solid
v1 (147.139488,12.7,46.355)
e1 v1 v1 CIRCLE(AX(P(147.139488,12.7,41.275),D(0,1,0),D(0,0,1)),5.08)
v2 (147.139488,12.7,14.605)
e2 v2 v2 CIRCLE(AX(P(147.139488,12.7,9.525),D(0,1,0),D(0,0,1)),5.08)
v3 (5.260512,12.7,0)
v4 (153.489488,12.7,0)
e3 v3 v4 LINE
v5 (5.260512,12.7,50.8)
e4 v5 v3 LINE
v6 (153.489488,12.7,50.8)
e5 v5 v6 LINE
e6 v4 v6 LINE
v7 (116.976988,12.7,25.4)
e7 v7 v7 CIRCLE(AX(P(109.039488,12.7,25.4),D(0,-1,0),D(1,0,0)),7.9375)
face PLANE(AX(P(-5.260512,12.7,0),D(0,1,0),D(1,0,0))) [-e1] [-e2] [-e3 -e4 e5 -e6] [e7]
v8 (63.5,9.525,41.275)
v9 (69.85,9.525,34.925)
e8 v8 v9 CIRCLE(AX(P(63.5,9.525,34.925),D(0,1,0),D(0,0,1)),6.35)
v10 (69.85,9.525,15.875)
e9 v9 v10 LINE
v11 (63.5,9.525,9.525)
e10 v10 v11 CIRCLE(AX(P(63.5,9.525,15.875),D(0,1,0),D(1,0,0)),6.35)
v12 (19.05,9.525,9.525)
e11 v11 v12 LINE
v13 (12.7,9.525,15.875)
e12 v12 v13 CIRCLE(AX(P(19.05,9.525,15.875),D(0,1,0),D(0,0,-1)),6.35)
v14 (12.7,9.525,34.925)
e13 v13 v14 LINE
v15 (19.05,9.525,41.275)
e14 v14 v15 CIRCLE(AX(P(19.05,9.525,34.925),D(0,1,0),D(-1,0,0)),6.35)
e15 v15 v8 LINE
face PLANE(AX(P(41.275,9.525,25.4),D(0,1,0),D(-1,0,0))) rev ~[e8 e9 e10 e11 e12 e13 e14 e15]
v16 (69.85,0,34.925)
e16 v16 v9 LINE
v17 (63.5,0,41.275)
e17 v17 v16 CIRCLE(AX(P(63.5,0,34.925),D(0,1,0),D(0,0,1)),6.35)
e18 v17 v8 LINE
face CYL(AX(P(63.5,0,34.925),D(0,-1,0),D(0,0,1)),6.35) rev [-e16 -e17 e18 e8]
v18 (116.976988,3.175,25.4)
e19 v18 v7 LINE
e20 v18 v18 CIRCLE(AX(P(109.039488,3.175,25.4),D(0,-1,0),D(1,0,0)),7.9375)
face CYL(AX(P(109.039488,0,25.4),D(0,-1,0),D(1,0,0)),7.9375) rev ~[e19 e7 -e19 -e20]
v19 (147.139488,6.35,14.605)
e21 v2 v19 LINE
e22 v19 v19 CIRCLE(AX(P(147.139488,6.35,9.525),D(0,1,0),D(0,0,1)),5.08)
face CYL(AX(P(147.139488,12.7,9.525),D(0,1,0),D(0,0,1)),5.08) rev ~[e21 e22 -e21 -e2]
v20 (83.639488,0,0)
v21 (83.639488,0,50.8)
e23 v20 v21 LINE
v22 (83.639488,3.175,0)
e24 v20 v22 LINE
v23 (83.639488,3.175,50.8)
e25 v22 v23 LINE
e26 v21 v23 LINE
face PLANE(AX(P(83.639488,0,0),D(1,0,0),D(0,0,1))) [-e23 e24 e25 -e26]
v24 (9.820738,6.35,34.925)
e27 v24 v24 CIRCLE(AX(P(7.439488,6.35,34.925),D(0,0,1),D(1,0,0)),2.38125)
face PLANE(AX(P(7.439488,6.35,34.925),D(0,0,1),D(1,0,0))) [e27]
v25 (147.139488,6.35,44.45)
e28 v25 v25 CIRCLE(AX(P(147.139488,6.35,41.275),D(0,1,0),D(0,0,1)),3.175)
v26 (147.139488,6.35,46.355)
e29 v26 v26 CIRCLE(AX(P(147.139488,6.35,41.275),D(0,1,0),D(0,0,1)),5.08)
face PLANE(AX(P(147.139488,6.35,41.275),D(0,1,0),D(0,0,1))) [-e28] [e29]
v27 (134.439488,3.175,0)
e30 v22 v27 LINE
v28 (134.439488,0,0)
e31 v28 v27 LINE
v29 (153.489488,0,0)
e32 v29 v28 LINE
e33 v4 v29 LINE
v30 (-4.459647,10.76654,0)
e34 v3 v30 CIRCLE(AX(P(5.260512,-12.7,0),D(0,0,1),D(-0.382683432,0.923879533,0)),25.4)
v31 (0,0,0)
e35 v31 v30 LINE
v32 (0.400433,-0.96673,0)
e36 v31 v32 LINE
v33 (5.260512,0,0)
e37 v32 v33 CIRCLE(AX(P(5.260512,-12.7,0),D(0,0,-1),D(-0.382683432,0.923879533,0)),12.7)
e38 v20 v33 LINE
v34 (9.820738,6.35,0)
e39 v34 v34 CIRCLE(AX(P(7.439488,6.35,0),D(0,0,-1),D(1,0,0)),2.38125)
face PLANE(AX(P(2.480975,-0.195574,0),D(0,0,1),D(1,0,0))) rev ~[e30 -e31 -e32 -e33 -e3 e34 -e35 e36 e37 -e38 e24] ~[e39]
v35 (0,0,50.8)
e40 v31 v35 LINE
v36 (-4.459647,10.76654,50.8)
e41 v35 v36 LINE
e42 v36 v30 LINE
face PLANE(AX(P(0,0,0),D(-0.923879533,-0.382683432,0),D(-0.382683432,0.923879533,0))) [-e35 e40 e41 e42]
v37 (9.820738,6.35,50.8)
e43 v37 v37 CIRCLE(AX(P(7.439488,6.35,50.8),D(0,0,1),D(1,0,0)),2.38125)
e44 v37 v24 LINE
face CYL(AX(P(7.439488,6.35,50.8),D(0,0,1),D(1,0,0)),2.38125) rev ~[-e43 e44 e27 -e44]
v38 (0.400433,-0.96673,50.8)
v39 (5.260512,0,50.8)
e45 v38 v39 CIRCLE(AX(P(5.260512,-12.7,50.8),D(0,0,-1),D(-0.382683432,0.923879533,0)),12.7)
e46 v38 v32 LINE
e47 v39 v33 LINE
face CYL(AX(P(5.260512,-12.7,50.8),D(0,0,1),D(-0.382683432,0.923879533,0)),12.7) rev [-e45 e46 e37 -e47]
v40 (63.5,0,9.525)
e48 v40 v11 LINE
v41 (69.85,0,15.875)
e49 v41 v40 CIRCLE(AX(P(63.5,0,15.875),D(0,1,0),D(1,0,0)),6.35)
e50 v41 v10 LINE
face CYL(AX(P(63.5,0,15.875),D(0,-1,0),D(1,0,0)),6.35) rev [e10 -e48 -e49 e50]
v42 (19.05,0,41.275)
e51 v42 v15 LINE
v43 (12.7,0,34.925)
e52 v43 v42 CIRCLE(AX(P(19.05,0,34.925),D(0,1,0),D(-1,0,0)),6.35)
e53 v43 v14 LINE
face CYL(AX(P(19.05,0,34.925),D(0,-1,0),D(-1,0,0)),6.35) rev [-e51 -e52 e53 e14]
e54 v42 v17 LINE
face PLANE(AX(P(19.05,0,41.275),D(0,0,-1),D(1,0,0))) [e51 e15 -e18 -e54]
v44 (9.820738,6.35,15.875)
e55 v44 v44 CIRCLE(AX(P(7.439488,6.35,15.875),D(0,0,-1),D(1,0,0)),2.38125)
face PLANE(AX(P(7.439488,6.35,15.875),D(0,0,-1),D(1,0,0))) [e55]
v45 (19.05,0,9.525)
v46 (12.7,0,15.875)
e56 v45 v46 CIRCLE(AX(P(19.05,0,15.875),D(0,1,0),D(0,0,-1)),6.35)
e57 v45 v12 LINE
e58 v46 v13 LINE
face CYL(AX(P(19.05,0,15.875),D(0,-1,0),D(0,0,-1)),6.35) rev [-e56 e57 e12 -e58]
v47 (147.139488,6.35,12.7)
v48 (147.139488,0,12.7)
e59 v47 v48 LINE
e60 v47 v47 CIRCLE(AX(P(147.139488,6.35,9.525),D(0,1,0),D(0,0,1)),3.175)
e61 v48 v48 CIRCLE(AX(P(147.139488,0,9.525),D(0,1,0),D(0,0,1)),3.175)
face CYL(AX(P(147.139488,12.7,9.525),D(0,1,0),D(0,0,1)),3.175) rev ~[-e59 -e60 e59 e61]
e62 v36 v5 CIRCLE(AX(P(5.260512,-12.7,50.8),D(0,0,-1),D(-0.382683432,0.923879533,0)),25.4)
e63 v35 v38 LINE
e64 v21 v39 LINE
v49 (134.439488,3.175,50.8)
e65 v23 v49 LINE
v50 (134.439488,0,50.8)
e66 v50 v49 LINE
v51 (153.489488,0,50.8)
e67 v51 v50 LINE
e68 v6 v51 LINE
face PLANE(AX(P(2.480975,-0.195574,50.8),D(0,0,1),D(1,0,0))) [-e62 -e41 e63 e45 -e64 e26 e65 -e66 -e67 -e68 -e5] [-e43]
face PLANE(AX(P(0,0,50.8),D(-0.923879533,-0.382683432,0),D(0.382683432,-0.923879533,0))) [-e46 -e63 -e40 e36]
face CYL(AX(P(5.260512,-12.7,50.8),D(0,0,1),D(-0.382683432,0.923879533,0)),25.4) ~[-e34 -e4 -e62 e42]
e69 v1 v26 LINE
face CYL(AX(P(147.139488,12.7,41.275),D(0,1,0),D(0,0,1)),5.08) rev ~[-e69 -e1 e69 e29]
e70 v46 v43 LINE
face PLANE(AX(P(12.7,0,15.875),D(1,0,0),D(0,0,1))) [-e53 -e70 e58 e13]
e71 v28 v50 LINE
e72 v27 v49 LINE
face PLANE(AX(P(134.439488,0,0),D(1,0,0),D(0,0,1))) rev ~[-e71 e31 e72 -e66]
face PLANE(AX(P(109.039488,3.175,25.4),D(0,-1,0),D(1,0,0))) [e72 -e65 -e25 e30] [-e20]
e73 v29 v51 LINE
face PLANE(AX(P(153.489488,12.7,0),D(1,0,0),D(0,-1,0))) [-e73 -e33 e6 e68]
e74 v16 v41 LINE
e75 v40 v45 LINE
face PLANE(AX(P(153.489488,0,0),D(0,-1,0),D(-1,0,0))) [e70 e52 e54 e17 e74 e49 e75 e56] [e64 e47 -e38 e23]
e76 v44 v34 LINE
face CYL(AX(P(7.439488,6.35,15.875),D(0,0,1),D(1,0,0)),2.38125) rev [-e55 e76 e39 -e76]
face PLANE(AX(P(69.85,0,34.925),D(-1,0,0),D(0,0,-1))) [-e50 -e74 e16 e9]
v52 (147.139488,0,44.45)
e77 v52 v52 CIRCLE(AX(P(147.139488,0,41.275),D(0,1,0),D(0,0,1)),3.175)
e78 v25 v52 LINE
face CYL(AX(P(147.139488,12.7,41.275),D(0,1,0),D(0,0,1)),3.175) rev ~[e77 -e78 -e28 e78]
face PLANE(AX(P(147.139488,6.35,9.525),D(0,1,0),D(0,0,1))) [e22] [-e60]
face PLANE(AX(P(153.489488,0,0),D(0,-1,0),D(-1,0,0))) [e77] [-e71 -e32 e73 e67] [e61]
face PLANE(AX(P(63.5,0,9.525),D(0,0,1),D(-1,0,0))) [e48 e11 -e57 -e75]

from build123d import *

# Parameters (mm, degrees)
EXTRUDE1_DEPTH     = 50.8
CUT_EXTRUDE1_DEPTH = 9.525
SKETCH3_R          = 7.9375
CUT_EXTRUDE2_DEPTH = 163.175685145
SKETCH4_W          = 50.8
SKETCH4_H          = 50.8
CUT_EXTRUDE3_DEPTH = 3.175
SKETCH5_R          = 2.38125
CUT_EXTRUDE4_DEPTH = 15.875
CUT_EXTRUDE5_START = -15.875
SKETCH6_R          = 2.38125
CUT_EXTRUDE5_DEPTH = 15.875
SKETCH7_R          = 3.175
CUT_EXTRUDE6_DEPTH = 163.175685145
SKETCH8_R          = 5.08
CUT_EXTRUDE7_DEPTH = 6.35
CUT_EXTRUDE8_DEPTH = 163.175685145
EXTRUDE2_DEPTH     = 50.8


with BuildPart() as part:
    # Sketch1 → Extrude1 (new body)
    with BuildSketch(Plane.XY):
        Polygon((0, 0), (-5.260512242, 12.7), (153.489487758, 12.7), (153.489487758, 0), align=None)
    extrude(amount=EXTRUDE1_DEPTH)

    # Sketch2 → Cut-Extrude1 (cut)
    with BuildSketch(Plane.XZ):
        with BuildLine():
            Line((19.05, 41.275), (63.5, 41.275))
            ThreePointArc((63.5, 41.275), (67.990128061, 39.415128061), (69.85, 34.925))
            Line((69.85, 34.925), (69.85, 15.875))
            ThreePointArc((69.85, 15.875), (67.990128061, 11.384871939), (63.5, 9.525))
            Line((63.5, 9.525), (19.05, 9.525))
            ThreePointArc((19.05, 9.525), (14.559871939, 11.384871939), (12.7, 15.875))
            Line((12.7, 15.875), (12.7, 34.925))
            ThreePointArc((12.7, 34.925), (14.559871939, 39.415128061), (19.05, 41.275))
        make_face()
    extrude(amount=-CUT_EXTRUDE1_DEPTH, mode=Mode.SUBTRACT)

    # Sketch3 → Cut-Extrude2 (cut, through all)
    with BuildSketch(Plane.XZ):
        with Locations((109.039487758, 25.4)):
            Circle(SKETCH3_R)
    extrude(amount=-CUT_EXTRUDE2_DEPTH, mode=Mode.SUBTRACT)

    # Sketch4 → Cut-Extrude3 (cut)
    with BuildSketch(Plane.XZ):
        with Locations((109.039487758, 25.4)):
            Rectangle(SKETCH4_W, SKETCH4_H)
    extrude(amount=-CUT_EXTRUDE3_DEPTH, mode=Mode.SUBTRACT)

    # Sketch5 → Cut-Extrude4 (cut)
    with BuildSketch(Plane.XY.offset(50.8)):
        with Locations((7.439487758, 6.35)):
            Circle(SKETCH5_R)
    extrude(amount=-CUT_EXTRUDE4_DEPTH, mode=Mode.SUBTRACT)

    # Sketch6 → Cut-Extrude5 (cut)
    with BuildSketch(Plane(origin=(0, 0, 0), x_dir=(-1, 0, 0), z_dir=(0, 0, -1)).offset(CUT_EXTRUDE5_START)):
        with Locations(Location((-7.439487758, 6.35, 0), (0, 0, 180))):
            Circle(SKETCH6_R)
    extrude(amount=CUT_EXTRUDE5_DEPTH, mode=Mode.SUBTRACT)

    # Sketch7 → Cut-Extrude6 (cut, through all)
    with BuildSketch(Plane(origin=(0, 12.7, 0), x_dir=(-1, 0, 0), z_dir=(0, 1, 0))):
        with Locations(Location((-147.139487758, 9.525, 0), (0, 0, 90))):
            Circle(SKETCH7_R)
        with Locations(Location((-147.139487758, 41.275, 0), (0, 0, 90))):
            Circle(SKETCH7_R)
    extrude(amount=-CUT_EXTRUDE6_DEPTH, mode=Mode.SUBTRACT)

    # Sketch8 → Cut-Extrude7 (cut)
    with BuildSketch(Plane(origin=(0, 12.7, 0), x_dir=(-1, 0, 0), z_dir=(0, 1, 0))):
        with Locations(Location((-147.139487758, 9.525, 0), (0, 0, 90))):
            Circle(SKETCH8_R)
        with Locations(Location((-147.139487758, 41.275, 0), (0, 0, 90))):
            Circle(SKETCH8_R)
    extrude(amount=-CUT_EXTRUDE7_DEPTH, mode=Mode.SUBTRACT)

    # Sketch9 → Cut-Extrude8 (cut, through all)
    with BuildSketch(Plane.XY.offset(50.8)):
        with BuildLine():
            Line((5.260512242, 12.7), (-5.260512242, 12.7))
            Line((-5.260512242, 12.7), (-4.45964694, 10.766540126))
            ThreePointArc((-4.45964694, 10.766540126), (0.305218063, 12.211946122), (5.260512242, 12.7))
        make_face()
    extrude(amount=-CUT_EXTRUDE8_DEPTH, mode=Mode.SUBTRACT)

    # Sketch10 → Extrude2 (add)
    with BuildSketch(Plane.XY.offset(50.8)):
        with BuildLine():
            Line((0, 0), (0.400432651, -0.966729937))
            ThreePointArc((0.400432651, -0.966729937), (2.782865153, -0.244026939), (5.260512242, 0))
            Line((5.260512242, 0), (0, 0))
        make_face()
    extrude(amount=-EXTRUDE2_DEPTH)


solid = part.part
